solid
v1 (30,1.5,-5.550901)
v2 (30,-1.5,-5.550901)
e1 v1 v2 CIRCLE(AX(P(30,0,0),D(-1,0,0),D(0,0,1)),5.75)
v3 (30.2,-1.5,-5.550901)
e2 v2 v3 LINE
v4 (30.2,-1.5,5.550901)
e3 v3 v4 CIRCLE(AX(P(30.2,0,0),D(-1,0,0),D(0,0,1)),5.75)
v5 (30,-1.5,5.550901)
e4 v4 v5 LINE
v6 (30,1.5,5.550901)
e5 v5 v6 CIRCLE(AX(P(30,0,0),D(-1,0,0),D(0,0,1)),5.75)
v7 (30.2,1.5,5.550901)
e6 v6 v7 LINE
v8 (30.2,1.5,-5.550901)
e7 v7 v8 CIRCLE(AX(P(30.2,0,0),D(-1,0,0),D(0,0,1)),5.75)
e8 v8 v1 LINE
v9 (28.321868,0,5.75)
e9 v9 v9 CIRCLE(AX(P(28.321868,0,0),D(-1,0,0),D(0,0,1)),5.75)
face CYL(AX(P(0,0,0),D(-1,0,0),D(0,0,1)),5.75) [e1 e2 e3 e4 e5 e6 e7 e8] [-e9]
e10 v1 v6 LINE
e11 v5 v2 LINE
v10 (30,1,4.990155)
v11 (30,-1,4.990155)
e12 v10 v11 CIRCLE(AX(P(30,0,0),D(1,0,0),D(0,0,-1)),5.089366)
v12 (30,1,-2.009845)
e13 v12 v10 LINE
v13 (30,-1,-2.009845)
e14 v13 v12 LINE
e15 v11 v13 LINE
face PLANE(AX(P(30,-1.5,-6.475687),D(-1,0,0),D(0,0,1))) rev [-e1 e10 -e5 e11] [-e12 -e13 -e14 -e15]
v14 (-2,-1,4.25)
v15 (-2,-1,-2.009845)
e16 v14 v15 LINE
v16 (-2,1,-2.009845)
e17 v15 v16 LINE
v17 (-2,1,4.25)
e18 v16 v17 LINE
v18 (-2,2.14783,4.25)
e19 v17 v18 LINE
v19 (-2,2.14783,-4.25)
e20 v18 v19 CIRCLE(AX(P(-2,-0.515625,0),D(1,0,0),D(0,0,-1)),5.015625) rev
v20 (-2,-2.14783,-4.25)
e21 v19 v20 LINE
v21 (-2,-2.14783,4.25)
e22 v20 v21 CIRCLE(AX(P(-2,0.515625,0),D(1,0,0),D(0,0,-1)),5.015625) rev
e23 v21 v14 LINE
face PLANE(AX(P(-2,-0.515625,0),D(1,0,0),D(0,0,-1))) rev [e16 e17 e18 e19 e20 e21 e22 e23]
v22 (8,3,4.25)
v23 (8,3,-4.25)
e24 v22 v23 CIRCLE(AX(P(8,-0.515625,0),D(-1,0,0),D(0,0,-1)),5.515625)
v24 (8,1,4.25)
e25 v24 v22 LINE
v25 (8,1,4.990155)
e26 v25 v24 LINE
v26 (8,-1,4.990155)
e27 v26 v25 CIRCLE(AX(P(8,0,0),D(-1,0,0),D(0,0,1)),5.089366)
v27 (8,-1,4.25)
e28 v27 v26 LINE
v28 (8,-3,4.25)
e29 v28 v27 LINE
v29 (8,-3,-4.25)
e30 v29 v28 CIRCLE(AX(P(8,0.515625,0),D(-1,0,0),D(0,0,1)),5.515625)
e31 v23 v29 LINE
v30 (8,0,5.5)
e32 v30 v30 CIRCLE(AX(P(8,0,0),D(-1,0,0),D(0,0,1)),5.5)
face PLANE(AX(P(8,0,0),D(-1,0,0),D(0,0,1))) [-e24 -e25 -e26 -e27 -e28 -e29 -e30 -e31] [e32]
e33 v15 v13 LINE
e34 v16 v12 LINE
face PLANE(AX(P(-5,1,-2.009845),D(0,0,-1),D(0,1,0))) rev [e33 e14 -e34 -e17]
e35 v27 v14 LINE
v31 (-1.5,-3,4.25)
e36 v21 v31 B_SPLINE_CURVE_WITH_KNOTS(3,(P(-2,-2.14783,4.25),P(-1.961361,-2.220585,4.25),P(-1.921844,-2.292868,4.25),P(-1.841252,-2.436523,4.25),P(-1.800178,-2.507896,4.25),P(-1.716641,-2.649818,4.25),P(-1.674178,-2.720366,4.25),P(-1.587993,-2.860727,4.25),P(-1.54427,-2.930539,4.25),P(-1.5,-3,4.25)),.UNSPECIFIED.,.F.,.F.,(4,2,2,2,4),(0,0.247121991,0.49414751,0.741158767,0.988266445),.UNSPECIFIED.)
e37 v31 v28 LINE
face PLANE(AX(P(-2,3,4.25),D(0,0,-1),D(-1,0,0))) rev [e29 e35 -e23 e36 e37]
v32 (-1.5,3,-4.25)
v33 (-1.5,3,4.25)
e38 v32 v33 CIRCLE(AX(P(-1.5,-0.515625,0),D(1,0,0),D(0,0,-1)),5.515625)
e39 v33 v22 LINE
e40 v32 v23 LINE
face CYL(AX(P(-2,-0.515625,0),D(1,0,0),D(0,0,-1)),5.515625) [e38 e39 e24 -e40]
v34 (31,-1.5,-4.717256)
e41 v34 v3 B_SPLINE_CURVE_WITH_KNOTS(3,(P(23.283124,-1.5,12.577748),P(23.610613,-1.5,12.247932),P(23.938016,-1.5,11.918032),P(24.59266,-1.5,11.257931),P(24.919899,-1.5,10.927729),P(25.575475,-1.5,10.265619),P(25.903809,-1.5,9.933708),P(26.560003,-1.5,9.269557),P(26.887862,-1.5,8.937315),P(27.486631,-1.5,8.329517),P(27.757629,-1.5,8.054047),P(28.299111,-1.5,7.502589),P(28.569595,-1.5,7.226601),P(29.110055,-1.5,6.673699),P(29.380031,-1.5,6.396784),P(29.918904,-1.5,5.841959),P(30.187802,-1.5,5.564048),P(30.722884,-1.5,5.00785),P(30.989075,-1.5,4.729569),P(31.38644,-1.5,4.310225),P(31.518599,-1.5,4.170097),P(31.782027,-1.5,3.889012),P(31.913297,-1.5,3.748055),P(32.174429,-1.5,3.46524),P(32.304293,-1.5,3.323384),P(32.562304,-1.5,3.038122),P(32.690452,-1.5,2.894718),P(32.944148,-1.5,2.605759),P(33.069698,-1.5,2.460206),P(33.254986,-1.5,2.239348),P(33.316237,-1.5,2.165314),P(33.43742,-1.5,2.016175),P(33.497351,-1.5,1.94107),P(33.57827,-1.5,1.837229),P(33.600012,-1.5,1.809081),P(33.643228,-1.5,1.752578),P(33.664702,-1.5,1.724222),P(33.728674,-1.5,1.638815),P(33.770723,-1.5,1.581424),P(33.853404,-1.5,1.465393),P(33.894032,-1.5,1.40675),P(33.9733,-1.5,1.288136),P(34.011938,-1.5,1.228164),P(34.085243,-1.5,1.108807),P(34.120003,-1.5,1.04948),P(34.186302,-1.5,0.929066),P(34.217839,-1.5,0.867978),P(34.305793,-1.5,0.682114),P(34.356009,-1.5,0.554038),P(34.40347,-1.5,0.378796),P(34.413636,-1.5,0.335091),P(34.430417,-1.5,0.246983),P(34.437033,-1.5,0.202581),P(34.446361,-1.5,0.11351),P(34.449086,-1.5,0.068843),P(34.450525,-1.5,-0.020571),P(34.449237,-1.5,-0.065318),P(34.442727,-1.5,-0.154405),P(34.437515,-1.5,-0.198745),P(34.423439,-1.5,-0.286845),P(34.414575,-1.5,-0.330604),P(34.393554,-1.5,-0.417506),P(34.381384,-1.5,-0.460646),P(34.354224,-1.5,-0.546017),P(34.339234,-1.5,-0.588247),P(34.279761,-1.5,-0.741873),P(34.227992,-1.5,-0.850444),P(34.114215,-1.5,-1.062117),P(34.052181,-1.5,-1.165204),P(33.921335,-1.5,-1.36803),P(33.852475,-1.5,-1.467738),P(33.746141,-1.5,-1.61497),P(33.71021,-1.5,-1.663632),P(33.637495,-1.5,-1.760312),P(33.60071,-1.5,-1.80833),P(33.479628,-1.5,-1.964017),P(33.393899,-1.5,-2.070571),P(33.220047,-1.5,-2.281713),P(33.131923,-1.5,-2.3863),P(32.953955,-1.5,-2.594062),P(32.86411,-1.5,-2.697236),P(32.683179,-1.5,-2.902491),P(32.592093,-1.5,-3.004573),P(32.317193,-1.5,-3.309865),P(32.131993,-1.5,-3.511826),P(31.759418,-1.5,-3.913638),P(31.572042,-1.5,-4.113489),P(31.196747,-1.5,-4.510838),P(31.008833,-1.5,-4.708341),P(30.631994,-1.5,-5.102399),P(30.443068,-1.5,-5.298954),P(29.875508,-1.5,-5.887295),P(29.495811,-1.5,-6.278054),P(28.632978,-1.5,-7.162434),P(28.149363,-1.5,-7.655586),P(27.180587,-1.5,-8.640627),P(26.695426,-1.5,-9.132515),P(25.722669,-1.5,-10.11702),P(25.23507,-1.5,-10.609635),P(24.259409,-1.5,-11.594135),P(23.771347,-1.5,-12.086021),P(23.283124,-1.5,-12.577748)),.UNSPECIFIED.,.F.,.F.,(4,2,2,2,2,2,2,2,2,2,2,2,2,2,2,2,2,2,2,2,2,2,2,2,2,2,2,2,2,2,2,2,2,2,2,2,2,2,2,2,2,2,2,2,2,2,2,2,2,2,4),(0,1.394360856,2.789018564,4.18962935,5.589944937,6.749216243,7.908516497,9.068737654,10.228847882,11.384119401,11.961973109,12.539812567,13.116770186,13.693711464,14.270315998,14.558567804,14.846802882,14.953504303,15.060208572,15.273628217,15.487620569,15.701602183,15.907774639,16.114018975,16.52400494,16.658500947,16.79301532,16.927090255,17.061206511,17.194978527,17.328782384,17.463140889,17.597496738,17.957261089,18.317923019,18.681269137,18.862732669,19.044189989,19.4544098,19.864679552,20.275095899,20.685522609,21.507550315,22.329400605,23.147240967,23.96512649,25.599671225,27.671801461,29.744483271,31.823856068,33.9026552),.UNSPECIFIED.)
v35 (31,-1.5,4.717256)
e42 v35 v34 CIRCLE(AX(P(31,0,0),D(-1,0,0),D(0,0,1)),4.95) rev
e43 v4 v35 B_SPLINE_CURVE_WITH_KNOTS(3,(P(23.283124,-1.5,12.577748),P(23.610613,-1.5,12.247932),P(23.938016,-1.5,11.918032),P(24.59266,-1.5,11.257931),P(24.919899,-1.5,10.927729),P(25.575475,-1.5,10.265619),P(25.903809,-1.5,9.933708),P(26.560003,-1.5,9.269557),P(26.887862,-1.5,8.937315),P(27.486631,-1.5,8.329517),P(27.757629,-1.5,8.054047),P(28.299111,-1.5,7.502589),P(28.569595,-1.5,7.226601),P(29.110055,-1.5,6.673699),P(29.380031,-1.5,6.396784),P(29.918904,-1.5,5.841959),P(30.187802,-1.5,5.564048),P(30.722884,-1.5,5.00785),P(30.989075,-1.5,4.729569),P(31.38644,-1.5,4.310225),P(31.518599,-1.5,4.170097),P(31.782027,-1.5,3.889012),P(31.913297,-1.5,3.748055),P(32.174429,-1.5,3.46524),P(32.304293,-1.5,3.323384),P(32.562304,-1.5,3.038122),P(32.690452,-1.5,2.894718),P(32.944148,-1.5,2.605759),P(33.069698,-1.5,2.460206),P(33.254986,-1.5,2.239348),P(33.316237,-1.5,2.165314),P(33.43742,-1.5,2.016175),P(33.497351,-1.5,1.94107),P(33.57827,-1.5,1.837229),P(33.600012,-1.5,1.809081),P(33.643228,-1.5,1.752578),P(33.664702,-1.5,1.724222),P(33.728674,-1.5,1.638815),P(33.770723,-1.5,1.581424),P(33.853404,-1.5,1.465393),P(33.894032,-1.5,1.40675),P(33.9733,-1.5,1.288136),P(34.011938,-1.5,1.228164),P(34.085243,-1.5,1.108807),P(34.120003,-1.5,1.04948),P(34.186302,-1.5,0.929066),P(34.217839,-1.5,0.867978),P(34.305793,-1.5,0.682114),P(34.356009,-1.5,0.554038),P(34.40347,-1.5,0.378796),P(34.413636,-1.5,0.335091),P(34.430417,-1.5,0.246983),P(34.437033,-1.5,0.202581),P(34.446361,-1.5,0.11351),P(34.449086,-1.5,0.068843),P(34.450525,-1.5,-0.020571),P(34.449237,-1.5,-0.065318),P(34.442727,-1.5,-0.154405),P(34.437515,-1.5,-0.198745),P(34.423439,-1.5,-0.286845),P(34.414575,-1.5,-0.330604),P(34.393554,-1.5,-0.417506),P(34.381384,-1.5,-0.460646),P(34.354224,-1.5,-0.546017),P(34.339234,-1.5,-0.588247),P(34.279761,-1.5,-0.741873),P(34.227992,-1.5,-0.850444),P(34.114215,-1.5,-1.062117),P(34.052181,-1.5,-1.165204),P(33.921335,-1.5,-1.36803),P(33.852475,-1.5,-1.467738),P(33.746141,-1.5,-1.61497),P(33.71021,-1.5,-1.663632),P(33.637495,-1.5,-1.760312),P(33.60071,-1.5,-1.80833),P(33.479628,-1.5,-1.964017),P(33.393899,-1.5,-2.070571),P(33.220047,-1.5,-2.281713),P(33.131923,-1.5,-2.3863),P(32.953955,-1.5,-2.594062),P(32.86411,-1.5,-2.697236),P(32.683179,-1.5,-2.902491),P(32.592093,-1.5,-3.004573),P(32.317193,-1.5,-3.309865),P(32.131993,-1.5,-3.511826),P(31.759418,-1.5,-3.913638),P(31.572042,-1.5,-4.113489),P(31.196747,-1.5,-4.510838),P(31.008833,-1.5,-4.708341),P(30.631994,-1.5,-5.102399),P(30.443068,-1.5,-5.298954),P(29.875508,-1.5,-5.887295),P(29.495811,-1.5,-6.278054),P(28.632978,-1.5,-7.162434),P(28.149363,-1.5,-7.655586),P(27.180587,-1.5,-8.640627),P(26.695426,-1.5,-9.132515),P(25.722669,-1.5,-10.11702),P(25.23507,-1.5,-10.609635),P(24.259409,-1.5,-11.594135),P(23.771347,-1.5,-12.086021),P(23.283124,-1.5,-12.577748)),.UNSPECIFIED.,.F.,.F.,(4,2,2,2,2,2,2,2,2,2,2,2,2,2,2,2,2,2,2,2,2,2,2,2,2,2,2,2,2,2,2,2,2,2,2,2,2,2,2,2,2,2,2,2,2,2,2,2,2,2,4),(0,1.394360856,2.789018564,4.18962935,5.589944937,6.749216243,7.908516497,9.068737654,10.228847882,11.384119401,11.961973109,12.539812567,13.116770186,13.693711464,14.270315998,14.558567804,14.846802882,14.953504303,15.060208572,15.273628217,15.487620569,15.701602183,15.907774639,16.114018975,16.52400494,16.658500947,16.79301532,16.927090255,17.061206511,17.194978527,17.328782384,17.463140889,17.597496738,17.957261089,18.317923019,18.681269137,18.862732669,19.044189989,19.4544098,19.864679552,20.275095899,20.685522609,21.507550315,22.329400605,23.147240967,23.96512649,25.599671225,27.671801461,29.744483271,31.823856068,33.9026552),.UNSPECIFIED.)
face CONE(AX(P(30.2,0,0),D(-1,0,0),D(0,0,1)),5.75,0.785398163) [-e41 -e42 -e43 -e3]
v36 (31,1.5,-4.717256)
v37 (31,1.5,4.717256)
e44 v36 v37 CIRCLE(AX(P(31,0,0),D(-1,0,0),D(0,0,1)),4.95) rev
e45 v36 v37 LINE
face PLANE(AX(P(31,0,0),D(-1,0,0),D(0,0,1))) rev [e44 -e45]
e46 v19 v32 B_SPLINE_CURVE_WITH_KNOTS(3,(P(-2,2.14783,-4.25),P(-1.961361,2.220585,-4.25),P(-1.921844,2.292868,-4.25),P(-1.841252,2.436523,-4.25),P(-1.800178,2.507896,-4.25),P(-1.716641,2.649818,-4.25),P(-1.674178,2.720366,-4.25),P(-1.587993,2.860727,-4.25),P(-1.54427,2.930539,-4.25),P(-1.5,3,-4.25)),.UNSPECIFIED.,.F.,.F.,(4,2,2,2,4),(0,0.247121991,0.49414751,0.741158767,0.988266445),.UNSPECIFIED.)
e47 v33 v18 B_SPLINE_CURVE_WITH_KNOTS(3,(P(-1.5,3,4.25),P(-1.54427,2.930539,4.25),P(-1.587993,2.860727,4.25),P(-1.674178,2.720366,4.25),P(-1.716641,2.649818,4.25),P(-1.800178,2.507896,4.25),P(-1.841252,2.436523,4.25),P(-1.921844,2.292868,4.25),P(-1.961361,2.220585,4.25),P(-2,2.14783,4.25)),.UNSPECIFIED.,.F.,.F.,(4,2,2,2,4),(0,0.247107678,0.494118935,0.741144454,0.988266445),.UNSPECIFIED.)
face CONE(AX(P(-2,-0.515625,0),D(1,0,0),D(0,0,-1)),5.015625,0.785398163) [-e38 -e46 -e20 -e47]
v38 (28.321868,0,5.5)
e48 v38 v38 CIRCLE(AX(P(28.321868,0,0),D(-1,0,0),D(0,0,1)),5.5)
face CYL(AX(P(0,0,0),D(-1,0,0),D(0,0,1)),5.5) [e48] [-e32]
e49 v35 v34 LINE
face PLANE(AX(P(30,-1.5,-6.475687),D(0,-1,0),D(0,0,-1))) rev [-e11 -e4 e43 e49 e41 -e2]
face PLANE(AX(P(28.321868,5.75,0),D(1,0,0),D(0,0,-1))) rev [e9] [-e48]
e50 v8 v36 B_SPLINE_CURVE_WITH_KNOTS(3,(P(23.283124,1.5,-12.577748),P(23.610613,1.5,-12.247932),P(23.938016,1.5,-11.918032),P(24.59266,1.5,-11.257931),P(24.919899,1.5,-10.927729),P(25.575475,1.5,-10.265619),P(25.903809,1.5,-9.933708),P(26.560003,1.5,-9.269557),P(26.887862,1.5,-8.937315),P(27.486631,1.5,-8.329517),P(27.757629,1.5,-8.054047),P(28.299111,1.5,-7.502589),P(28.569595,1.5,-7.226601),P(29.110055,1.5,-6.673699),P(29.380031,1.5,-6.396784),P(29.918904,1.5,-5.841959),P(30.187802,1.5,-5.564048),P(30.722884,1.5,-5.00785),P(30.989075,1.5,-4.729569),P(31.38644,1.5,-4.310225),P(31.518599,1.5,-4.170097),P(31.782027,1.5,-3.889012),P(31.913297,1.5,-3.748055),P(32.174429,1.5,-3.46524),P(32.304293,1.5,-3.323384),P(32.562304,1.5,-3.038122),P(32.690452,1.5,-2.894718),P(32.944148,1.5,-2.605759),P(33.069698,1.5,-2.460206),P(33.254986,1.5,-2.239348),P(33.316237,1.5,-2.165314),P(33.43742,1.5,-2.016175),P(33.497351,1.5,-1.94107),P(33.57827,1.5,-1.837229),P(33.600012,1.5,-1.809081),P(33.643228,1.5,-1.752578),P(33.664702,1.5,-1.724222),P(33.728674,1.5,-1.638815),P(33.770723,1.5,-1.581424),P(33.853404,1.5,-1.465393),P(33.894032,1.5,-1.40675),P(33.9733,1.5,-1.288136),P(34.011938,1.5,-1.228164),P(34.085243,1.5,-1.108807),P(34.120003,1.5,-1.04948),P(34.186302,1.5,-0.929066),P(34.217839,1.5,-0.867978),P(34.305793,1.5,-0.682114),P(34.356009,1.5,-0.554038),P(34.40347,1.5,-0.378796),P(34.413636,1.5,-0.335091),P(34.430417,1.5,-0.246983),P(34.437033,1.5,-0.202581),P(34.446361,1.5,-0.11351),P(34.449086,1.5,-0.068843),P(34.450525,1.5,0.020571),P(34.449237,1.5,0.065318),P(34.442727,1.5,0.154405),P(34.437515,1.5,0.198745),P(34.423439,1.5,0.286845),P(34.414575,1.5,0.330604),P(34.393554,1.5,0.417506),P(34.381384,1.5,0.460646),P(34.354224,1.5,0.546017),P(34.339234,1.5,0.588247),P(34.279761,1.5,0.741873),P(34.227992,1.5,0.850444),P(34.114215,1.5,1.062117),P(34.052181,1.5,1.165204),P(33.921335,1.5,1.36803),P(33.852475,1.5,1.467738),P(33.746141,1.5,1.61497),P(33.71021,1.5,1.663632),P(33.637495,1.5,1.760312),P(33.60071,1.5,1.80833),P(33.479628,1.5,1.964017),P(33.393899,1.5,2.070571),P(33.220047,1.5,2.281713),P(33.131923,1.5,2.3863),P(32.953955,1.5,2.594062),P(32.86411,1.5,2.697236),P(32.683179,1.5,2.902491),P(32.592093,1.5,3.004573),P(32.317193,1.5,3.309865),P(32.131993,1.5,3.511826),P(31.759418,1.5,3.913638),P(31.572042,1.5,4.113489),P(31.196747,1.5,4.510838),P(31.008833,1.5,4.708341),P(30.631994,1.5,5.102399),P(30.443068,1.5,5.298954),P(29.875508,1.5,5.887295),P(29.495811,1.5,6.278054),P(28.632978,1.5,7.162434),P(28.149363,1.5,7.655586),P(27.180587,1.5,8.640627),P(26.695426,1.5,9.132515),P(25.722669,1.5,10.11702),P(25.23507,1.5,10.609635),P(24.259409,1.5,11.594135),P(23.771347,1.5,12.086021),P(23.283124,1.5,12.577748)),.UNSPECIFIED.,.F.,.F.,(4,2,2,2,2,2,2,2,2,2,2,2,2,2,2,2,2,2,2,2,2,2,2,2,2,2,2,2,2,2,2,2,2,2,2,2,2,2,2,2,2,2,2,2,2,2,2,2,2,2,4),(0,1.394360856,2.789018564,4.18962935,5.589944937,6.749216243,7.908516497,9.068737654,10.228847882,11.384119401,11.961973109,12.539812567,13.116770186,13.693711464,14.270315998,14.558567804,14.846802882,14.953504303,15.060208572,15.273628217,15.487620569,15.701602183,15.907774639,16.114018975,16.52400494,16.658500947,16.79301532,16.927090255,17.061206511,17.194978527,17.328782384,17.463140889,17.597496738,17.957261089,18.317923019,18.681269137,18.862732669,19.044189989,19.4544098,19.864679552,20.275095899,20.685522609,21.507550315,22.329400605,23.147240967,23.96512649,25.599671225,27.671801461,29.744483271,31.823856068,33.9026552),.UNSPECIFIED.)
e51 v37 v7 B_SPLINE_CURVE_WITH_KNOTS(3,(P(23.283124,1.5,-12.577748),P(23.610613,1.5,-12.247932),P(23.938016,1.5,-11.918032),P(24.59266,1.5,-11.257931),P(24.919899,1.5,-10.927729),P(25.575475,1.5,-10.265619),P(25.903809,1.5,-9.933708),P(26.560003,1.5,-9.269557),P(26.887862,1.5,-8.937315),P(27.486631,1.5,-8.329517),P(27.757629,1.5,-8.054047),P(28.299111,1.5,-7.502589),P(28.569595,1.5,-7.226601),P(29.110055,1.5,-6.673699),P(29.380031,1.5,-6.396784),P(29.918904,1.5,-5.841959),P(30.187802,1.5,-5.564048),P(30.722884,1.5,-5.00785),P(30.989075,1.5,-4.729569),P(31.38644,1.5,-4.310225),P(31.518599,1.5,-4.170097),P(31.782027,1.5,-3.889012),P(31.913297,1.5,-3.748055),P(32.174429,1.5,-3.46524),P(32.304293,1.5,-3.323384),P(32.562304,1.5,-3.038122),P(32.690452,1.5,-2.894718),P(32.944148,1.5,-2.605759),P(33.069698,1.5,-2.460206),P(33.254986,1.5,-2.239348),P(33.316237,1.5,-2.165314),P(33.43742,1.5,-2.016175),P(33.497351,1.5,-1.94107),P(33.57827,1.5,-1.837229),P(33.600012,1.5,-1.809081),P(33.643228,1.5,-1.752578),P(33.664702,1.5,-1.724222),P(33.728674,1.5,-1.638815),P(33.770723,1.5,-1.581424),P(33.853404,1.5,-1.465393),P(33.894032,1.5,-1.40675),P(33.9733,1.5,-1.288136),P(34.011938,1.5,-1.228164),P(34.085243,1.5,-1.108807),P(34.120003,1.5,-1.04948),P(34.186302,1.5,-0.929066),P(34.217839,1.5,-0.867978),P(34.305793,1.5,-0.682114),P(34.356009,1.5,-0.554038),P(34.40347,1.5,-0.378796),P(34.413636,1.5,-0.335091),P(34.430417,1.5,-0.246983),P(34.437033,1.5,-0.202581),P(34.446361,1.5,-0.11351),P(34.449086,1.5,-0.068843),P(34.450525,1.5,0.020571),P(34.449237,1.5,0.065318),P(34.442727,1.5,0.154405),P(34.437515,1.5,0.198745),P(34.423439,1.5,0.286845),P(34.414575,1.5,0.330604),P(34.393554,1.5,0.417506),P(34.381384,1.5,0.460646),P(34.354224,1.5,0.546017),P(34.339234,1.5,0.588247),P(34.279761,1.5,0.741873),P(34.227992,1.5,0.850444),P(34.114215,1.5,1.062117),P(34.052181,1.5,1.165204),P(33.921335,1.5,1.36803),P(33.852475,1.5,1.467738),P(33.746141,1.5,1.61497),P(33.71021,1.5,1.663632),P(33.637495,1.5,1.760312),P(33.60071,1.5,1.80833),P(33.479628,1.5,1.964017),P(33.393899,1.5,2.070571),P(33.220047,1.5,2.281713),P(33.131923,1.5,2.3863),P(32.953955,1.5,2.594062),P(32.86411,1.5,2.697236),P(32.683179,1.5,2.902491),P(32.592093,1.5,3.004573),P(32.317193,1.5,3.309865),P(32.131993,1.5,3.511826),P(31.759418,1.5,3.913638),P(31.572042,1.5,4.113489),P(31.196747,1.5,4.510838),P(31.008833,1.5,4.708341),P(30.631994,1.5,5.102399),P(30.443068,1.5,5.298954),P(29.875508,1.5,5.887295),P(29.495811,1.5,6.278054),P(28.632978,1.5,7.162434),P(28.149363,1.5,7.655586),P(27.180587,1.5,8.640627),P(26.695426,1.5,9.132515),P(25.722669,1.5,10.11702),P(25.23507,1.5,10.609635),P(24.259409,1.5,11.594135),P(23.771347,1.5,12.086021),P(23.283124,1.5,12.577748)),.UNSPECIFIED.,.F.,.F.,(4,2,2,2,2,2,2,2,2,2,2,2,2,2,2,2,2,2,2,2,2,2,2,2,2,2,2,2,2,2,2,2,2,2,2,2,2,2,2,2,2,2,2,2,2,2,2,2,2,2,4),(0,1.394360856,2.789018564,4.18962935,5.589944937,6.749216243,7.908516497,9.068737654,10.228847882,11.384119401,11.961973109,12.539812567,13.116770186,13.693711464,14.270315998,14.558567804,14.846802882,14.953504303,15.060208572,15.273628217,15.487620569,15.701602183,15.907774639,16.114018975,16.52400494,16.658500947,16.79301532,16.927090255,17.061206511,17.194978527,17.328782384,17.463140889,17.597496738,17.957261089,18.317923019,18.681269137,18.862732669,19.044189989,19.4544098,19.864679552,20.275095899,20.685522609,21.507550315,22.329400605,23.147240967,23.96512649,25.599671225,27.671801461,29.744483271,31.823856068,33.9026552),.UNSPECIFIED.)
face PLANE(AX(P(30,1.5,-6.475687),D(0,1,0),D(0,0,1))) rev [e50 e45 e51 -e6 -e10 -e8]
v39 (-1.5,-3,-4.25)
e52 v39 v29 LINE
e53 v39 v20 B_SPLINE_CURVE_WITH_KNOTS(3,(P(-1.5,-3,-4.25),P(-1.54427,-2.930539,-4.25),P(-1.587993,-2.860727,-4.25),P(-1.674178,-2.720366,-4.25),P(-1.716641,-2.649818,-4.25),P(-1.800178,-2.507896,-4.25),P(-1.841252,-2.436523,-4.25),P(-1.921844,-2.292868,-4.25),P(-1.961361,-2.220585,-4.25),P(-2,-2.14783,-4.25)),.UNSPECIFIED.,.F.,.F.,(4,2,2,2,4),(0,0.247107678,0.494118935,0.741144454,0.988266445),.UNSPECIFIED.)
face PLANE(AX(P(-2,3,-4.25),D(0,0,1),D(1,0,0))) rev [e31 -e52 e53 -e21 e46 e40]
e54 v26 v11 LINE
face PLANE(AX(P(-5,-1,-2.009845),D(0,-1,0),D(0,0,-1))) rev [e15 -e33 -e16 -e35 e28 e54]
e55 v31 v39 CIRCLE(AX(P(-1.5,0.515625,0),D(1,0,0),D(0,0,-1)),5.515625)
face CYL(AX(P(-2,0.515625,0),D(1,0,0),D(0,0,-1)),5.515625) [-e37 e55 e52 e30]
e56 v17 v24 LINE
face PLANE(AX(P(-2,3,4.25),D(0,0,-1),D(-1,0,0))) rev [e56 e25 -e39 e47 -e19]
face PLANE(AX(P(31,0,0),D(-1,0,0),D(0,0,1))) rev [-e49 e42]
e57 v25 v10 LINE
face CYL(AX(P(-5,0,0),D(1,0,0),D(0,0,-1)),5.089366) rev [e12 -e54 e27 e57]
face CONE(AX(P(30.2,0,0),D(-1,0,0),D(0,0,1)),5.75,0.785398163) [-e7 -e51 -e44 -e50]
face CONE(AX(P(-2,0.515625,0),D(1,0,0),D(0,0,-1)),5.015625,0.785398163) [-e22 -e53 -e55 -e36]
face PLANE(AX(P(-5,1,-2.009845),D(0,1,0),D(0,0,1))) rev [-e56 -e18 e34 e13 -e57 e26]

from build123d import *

# Parameters (mm, degrees)
CHAMFER1_SIZE       = 0.8
CHAMFER2_SIZE       = 1
SKETCH3_W           = 14.289580605
SKETCH3_H           = 3
CUT_EXTRUDE1_DEPTH  = 1
SKETCH5_R           = 8.987407092
CUT_EXTRUDE3_DEPTH  = 8
BOSS_EXTRUDE1_DEPTH = 10
CHAMFER3_SIZE       = 0.5
CUT_EXTRUDE4_DEPTH  = 35


with BuildPart() as part:
    # Sketch1 → Revolve1 (revolve)
    with BuildSketch(Plane.XY, mode=Mode.PRIVATE) as revolve1_sk:
        Polygon((31, 0), (31, 5.75), (28.321868185, 5.75), (28.321868185, 5.5), (0, 5.5), (0, 0), align=None)
    revolve(revolve1_sk.sketch.rotate(Axis((0, 0, 0), (1, 0, 0)), 90), axis=Axis((0, 0, 0), (1, 0, 0)))

    # Chamfer1
    chamfer1_edges = [part.edges().sort_by_distance(p)[0] for p in [
        (31, 0, -5.75),
    ]]
    chamfer(chamfer1_edges, length=CHAMFER1_SIZE)

    # Chamfer2
    chamfer2_edges = [part.edges().sort_by_distance(p)[0] for p in [
        (0, 0, -5.5),
    ]]
    chamfer(chamfer2_edges, length=CHAMFER2_SIZE)

    # Sketch3 → Cut-Extrude1 (cut)
    with BuildSketch(Plane(origin=(31, 0, 0), x_dir=(0, 0, -1), z_dir=(1, 0, 0))):
        with Locations((-0.669103075, 0)):
            Rectangle(SKETCH3_W, SKETCH3_H)
    extrude(amount=-CUT_EXTRUDE1_DEPTH, mode=Mode.SUBTRACT)

    # Sketch5 → Cut-Extrude3 (cut)
    with BuildSketch(Plane.ZY):
        Circle(SKETCH5_R)
    extrude(amount=-CUT_EXTRUDE3_DEPTH, mode=Mode.SUBTRACT)

    # Sketch6 → Boss-Extrude1 (add)
    with BuildSketch(Plane.ZY.offset(-8)):
        with BuildLine():
            Line((-4.25, 3), (-4.25, -3))
            ThreePointArc((-4.25, -3), (0, -5), (4.25, -3))
            Line((4.25, -3), (4.25, 3))
            ThreePointArc((4.25, 3), (0, 5), (-4.25, 3))
        make_face()
    extrude(amount=BOSS_EXTRUDE1_DEPTH)

    # Chamfer3
    chamfer3_edges = [part.edges().sort_by_distance(p)[0] for p in [
        (-2, 5, 0),
        (-2, -5, 0),
    ]]
    chamfer(chamfer3_edges, length=CHAMFER3_SIZE)

    # Sketch7 → Cut-Extrude4 (cut)
    with BuildSketch(Plane(origin=(30, 0, 0), x_dir=(0, 0, -1), z_dir=(1, 0, 0))):
        with BuildLine():
            Line((2.009844577, 1), (-4.990155423, 1))
            ThreePointArc((-4.990155423, 1), (-5.089366478, 0), (-4.990155423, -1))
            Line((-4.990155423, -1), (2.009844577, -1))
            Line((2.009844577, -1), (2.009844577, 1))
        make_face()
    extrude(amount=-CUT_EXTRUDE4_DEPTH, mode=Mode.SUBTRACT)


solid = part.part
